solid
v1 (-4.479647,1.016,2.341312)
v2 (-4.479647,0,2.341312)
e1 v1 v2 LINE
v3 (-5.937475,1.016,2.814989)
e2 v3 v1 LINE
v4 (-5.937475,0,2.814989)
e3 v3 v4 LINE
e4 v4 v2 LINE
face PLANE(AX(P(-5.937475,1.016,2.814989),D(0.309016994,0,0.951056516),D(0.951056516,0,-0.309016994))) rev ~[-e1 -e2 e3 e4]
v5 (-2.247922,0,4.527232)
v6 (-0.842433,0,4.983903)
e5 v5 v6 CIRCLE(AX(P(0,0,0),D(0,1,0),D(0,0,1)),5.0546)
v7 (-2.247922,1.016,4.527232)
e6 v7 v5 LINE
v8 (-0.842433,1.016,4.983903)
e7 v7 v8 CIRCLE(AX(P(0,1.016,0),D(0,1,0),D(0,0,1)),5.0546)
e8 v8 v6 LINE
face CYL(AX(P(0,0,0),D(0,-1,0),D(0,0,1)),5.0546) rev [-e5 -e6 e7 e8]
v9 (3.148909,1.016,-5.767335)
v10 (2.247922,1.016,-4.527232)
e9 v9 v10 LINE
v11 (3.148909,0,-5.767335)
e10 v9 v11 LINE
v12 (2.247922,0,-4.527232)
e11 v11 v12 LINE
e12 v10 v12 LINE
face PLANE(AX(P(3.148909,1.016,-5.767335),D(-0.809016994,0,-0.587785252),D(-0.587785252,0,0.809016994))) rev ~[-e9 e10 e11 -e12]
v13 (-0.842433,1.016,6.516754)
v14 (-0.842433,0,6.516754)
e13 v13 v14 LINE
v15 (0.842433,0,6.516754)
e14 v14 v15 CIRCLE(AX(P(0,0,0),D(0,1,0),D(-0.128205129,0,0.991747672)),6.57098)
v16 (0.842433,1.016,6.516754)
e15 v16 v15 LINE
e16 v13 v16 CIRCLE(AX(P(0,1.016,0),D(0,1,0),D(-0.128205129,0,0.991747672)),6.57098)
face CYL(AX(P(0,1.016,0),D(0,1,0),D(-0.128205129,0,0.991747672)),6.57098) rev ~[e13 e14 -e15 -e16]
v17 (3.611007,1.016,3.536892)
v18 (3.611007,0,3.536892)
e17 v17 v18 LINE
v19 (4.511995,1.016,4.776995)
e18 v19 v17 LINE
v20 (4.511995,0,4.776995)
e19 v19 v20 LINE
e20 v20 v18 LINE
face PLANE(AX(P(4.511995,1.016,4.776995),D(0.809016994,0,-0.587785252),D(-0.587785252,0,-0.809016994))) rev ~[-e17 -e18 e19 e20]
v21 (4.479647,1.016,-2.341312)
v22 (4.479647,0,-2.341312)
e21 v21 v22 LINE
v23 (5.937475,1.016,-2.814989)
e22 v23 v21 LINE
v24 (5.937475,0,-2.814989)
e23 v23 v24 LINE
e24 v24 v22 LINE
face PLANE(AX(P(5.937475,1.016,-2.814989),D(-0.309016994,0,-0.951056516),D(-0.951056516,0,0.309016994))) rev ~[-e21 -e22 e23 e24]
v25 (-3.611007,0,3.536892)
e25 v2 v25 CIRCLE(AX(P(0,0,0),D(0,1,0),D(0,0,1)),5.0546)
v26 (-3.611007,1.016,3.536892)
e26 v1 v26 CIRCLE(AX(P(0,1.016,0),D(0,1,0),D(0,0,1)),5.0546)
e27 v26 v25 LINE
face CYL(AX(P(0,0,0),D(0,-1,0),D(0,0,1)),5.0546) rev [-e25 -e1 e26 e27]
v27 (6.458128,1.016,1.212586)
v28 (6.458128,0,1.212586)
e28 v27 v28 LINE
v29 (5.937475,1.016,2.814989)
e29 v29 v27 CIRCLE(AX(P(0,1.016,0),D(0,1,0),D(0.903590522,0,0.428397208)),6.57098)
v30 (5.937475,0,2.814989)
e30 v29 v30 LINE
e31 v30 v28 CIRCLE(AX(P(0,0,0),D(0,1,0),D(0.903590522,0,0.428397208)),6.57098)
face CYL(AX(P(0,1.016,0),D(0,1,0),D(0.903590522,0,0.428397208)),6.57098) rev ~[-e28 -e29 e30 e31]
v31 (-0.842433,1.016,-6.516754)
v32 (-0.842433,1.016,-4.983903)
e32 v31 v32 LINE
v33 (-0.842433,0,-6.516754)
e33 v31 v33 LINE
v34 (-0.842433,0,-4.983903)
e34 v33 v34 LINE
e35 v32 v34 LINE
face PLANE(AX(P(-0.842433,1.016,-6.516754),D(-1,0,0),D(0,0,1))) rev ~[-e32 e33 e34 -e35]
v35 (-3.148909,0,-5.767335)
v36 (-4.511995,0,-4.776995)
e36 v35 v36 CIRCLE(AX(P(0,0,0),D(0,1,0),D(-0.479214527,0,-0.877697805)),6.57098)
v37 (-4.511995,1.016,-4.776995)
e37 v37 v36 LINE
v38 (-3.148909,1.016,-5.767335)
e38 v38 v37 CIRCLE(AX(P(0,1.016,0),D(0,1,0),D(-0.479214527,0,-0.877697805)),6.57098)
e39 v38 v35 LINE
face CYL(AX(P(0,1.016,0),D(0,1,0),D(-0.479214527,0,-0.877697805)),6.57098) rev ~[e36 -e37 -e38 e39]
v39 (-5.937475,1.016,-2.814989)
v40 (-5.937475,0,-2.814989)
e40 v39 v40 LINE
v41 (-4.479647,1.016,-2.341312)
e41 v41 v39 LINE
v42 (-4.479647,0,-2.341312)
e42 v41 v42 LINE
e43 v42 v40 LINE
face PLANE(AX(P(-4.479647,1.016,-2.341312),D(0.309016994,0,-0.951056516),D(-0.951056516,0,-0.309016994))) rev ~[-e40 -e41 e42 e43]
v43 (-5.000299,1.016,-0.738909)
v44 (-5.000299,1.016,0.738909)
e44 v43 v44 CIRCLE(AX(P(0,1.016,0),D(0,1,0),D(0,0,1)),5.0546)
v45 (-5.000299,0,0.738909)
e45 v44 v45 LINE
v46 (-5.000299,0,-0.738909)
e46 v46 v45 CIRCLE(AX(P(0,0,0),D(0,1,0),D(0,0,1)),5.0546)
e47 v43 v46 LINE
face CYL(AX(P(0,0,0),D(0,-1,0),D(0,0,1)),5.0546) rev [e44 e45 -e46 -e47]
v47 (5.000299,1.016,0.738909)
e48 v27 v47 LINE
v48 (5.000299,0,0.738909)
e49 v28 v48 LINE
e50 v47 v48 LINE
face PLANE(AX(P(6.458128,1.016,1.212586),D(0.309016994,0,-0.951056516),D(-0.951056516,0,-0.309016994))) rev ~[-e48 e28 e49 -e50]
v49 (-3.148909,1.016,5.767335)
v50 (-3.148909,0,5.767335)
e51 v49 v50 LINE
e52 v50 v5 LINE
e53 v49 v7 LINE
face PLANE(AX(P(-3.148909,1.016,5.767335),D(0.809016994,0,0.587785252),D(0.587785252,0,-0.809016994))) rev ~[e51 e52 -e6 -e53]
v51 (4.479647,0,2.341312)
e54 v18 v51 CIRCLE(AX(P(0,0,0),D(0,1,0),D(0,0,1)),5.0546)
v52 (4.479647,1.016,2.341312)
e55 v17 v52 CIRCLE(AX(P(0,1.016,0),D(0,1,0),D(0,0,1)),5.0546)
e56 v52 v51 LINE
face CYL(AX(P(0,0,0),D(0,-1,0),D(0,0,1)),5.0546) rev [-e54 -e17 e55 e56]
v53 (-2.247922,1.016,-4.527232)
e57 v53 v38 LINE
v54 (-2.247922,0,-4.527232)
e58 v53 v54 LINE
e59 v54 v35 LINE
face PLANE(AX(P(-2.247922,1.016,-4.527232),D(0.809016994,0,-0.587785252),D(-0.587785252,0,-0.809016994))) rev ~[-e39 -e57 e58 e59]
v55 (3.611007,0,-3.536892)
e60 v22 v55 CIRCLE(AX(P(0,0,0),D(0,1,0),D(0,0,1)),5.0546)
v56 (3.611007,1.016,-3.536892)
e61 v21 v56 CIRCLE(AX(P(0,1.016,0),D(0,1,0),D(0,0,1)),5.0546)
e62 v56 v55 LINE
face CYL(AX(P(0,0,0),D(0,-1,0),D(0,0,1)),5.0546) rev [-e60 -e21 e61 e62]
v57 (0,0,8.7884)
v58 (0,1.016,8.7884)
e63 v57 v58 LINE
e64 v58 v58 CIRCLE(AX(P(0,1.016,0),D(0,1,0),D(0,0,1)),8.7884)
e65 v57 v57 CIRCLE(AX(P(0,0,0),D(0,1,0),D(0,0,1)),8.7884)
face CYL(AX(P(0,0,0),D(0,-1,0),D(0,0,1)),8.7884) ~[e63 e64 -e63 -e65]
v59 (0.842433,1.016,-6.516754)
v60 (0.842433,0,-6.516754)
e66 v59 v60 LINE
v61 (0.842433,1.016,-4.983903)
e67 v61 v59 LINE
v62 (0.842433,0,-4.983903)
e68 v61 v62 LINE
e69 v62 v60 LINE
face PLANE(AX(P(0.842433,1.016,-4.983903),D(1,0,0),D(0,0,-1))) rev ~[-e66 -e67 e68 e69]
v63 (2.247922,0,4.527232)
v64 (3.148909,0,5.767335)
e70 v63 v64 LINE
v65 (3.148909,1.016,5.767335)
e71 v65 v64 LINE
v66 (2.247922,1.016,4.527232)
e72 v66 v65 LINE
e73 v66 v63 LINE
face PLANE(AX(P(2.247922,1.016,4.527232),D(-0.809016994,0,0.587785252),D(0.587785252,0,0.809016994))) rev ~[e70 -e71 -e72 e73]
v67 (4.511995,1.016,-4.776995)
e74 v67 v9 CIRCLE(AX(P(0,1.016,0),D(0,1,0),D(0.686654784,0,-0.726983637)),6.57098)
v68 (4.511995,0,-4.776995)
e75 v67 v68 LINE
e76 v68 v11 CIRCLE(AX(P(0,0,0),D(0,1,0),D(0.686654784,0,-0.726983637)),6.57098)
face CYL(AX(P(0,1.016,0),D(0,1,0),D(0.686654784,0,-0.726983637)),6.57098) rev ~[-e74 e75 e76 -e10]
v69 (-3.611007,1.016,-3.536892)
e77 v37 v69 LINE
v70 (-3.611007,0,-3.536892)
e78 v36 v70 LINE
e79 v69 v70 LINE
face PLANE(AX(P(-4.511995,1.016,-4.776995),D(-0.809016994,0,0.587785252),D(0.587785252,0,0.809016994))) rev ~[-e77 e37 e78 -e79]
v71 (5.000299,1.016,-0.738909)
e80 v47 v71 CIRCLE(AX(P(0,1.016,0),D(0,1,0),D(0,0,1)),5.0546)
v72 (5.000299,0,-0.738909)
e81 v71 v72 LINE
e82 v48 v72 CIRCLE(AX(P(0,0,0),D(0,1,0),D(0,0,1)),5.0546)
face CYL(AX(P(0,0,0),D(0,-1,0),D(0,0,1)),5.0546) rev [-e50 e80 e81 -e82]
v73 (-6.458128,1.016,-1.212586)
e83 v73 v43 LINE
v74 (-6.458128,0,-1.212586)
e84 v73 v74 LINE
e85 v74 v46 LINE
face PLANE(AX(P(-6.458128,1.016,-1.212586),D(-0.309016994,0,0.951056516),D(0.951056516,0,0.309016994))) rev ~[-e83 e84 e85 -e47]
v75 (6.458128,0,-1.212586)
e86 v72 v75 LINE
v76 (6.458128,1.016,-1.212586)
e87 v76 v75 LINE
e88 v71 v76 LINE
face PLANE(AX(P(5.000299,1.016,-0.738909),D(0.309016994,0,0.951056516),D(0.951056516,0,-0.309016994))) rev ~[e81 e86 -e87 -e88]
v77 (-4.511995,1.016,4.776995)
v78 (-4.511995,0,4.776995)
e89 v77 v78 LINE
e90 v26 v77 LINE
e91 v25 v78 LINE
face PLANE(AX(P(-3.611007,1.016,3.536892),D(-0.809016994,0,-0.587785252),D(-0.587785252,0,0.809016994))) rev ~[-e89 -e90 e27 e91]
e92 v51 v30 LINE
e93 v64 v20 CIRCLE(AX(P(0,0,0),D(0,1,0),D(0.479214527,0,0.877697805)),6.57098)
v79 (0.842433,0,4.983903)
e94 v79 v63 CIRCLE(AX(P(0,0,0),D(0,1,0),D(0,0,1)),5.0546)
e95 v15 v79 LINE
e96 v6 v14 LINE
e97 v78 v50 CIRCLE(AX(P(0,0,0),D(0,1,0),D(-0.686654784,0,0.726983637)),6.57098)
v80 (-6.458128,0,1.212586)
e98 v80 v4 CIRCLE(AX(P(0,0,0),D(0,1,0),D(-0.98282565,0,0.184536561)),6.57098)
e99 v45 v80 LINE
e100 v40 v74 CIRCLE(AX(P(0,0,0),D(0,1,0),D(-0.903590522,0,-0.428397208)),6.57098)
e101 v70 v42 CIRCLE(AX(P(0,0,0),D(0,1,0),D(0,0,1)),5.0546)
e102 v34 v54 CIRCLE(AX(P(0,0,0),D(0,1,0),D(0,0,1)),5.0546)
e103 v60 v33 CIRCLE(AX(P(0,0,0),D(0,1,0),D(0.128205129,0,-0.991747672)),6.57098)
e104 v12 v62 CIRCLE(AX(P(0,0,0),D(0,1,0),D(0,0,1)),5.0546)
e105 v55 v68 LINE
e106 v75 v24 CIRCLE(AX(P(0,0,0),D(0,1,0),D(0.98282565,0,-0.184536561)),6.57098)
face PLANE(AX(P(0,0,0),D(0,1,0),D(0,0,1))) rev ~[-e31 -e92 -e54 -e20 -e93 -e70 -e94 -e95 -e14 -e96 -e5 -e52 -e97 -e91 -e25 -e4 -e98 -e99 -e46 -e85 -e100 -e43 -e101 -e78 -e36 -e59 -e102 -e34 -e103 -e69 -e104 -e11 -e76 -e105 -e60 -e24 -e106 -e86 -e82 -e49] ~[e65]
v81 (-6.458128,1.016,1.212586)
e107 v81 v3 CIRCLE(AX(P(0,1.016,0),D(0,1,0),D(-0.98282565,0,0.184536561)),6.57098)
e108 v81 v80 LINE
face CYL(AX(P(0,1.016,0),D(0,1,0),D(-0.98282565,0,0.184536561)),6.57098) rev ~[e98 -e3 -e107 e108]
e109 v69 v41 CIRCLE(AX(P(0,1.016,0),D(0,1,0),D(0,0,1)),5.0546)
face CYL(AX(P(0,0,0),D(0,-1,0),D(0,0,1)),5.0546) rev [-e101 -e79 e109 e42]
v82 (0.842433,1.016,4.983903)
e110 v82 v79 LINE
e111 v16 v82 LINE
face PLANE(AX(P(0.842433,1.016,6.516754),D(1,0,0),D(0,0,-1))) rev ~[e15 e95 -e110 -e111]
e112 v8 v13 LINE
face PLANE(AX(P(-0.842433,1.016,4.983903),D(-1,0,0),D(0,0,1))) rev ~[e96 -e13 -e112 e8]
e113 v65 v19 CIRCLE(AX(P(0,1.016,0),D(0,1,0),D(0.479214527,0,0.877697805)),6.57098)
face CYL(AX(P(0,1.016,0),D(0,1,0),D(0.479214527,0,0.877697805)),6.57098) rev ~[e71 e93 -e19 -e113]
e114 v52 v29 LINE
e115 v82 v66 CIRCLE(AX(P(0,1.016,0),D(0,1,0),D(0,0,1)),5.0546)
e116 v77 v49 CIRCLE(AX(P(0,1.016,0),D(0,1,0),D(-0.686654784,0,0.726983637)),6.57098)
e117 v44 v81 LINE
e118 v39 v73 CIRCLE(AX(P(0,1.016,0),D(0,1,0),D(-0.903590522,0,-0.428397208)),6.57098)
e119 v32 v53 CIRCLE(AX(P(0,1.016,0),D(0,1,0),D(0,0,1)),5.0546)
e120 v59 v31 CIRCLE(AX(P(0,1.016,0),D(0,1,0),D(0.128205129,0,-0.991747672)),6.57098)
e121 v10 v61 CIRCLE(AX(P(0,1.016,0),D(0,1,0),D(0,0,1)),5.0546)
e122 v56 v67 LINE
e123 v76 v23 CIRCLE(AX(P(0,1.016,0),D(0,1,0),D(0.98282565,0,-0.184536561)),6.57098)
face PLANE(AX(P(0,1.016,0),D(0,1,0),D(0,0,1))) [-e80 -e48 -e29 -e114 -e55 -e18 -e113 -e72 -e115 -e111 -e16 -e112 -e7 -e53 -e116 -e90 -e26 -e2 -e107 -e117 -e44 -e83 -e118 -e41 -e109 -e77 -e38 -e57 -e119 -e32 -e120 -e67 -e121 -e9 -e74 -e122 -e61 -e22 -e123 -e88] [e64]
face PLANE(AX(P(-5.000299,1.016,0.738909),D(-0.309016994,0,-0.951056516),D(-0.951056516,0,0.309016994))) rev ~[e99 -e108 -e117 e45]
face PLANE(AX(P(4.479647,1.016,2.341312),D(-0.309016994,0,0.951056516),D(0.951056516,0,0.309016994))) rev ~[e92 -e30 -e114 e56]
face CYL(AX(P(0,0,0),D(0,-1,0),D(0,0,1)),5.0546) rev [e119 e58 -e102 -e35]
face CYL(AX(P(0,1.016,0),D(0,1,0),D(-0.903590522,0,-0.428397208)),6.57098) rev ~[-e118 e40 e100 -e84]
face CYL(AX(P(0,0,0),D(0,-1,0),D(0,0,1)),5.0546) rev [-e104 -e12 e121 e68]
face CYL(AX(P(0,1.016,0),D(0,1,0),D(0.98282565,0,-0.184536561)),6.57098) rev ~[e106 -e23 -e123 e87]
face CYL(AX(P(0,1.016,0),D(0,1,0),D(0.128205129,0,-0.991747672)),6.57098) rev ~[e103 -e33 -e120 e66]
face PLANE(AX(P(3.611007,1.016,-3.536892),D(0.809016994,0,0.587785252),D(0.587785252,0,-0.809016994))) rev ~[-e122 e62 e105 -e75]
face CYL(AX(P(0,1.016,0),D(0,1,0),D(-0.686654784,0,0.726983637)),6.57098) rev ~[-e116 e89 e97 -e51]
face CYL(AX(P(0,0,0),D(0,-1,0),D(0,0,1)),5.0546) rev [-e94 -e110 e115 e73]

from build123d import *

# Parameters (mm, degrees)
SKETCH1_R          = 8.7884
SKETCH1_R_2        = 5.0546
EXTRUDE1_DEPTH     = 1.016
CUT_EXTRUDE1_DEPTH = 13.470132522
CIRPATTERN1_COUNT  = 10


with BuildPart() as part:
    # Sketch1 → Extrude1 (new body)
    with BuildSketch(Plane(origin=(0, 0, 0), x_dir=(1, 0, 0), z_dir=(0, 1, 0))):
        Circle(SKETCH1_R)
        Circle(SKETCH1_R_2, mode=Mode.SUBTRACT)
    extrude(amount=EXTRUDE1_DEPTH)

    # Sketch2 → Cut-Extrude1 (cut, through all)
    with BuildSketch(Plane(origin=(0, 1.016, 0), x_dir=(-1, 0, 0), z_dir=(0, 1, 0))):
        with BuildLine():
            Line((-0.842433333, 6.516754118), (-0.842433333, 4.983902812))
            ThreePointArc((-0.842433333, 4.983902812), (0, 5.0546), (0.842433333, 4.983902812))
            Line((0.842433333, 4.983902812), (0.842433333, 6.516754118))
            ThreePointArc((0.842433333, 6.516754118), (0, 6.57098), (-0.842433333, 6.516754118))
        make_face()
    cut_extrude1 = extrude(amount=-CUT_EXTRUDE1_DEPTH, mode=Mode.SUBTRACT)

    # CirPattern1: Cut-Extrude1 ×10 about axis
    cirpattern1_axis = Axis((0, 8.202925151, 0), (0, -1, 0))
    for i in range(1, CIRPATTERN1_COUNT):
        add(cut_extrude1.rotate(cirpattern1_axis, i * 360 / CIRPATTERN1_COUNT), mode=Mode.SUBTRACT)


solid = part.part
